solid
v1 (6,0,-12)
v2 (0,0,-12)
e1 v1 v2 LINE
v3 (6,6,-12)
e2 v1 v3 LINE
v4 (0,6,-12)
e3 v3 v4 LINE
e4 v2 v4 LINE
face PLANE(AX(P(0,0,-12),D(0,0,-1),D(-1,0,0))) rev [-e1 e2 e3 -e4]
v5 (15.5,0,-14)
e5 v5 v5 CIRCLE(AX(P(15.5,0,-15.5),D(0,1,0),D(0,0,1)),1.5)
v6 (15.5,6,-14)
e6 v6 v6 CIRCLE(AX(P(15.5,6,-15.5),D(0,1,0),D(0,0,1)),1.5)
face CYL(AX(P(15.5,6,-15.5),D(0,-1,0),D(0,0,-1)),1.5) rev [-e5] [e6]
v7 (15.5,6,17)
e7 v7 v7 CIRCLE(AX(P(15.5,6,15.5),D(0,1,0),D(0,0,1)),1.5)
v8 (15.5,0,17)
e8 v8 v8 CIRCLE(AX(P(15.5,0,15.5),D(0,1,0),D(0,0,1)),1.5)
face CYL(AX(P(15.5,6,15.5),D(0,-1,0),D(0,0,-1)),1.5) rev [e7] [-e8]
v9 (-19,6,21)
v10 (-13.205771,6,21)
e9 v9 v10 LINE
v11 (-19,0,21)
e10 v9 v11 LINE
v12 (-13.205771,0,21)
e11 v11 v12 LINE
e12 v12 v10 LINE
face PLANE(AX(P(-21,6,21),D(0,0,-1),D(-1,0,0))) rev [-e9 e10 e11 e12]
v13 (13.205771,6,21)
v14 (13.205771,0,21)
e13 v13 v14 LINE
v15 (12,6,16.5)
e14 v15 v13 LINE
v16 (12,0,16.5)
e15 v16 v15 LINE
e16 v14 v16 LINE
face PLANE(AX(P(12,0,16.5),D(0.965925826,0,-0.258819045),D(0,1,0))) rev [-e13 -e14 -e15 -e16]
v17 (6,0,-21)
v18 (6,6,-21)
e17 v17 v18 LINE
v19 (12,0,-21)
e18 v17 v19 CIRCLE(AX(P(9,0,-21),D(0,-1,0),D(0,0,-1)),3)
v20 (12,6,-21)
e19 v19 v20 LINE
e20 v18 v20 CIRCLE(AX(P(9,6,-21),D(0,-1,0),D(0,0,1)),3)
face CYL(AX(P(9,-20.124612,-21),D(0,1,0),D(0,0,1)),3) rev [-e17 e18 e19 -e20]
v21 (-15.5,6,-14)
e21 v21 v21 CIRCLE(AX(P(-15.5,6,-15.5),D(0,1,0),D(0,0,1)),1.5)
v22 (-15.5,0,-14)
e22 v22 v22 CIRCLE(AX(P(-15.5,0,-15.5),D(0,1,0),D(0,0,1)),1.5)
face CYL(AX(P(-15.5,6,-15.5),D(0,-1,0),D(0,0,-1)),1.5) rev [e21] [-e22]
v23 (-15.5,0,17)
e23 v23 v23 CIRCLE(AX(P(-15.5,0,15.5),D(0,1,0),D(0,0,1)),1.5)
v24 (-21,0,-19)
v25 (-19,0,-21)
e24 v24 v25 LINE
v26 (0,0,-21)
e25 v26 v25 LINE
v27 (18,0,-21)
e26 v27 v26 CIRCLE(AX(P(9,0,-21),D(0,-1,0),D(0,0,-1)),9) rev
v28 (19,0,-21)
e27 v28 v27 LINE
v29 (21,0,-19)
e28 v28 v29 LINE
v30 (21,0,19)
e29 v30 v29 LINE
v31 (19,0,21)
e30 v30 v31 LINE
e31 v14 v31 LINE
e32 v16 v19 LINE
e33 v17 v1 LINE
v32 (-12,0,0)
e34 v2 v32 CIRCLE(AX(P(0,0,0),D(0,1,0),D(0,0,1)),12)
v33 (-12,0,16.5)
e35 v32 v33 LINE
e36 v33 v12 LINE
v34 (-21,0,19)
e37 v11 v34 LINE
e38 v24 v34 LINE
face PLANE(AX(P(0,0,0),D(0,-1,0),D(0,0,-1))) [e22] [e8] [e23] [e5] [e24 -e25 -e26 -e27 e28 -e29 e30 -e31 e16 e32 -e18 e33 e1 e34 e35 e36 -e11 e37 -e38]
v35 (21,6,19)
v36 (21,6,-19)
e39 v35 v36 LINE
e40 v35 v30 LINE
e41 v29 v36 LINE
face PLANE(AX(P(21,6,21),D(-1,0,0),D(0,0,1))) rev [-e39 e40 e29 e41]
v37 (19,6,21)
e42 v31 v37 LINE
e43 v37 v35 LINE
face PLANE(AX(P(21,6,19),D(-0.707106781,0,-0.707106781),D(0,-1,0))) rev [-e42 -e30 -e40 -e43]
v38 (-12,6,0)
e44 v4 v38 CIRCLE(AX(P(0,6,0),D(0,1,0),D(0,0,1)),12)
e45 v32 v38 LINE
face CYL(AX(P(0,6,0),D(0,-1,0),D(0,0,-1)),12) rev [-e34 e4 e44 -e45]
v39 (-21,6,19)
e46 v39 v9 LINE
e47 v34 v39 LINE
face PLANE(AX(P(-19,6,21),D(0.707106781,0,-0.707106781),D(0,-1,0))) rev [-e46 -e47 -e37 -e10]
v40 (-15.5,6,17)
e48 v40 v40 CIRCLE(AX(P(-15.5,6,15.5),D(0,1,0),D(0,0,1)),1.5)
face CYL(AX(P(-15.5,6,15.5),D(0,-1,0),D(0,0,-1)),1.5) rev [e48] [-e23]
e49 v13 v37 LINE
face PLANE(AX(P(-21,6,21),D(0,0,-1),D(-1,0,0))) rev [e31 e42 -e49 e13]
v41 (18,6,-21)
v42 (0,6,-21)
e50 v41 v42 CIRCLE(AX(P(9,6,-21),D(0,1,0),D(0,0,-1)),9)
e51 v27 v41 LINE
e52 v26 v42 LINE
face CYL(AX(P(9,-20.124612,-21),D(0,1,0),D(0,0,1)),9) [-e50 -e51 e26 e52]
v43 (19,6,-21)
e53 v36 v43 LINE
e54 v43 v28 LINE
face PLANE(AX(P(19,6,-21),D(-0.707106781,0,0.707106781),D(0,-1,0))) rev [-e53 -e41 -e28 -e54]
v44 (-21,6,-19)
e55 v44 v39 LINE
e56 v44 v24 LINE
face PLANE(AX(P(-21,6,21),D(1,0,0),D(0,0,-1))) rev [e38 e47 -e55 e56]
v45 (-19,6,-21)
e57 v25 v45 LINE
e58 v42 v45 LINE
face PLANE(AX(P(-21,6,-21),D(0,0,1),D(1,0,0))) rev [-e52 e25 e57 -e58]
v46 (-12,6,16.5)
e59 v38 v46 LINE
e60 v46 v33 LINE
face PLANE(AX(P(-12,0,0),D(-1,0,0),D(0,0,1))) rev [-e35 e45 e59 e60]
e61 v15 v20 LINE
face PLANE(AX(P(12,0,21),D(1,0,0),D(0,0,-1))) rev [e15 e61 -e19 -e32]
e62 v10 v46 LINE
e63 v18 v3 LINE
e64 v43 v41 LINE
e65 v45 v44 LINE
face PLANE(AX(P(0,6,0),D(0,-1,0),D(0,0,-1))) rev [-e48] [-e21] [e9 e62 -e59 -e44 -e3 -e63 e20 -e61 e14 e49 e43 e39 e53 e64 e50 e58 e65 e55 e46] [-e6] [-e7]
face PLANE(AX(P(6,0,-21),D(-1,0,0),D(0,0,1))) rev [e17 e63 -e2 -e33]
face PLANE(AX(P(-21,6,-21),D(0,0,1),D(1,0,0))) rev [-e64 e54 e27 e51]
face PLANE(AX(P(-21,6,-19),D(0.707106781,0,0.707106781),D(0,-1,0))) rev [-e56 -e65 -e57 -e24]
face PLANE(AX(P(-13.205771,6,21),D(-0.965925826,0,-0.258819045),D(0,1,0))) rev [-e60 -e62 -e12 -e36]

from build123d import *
from OCP.BRepFilletAPI import BRepFilletAPI_MakeChamfer

# Parameters (mm, degrees)
SKETCH1_W           = 42
SKETCH1_H           = 42
SKETCH1_R           = 12
SKETCH1_R_2         = 1.5
BOSS_EXTRUDE1_DEPTH = 6
CHAMFER1_SIZE       = 2
SKETCH2_W           = 24
SKETCH2_H           = 21
CUT_EXTRUDE1_DEPTH  = 31.298514815
CHAMFER2_SIZE       = 4.5
CHAMFER2_SIZE2      = 1.205771366
BOSS_EXTRUDE2_DEPTH = 6
CUT_EXTRUDE2_DEPTH  = 43.107006543


with BuildPart() as part:
    # Sketch1 → Boss-Extrude1 (new body)
    with BuildSketch(Plane(origin=(0, 0, 0), x_dir=(1, 0, 0), z_dir=(0, 1, 0))):
        Rectangle(SKETCH1_W, SKETCH1_H)
        with Locations(Location((0, 0, 0), (0, 0, 270))):
            Circle(SKETCH1_R, mode=Mode.SUBTRACT)
        with Locations(Location((-15.5, 15.5, 0), (0, 0, 270))):
            Circle(SKETCH1_R_2, mode=Mode.SUBTRACT)
        with Locations(Location((15.5, 15.5, 0), (0, 0, 270))):
            Circle(SKETCH1_R_2, mode=Mode.SUBTRACT)
        with Locations(Location((15.5, -15.5, 0), (0, 0, 270))):
            Circle(SKETCH1_R_2, mode=Mode.SUBTRACT)
        with Locations(Location((-15.5, -15.5, 0), (0, 0, 270))):
            Circle(SKETCH1_R_2, mode=Mode.SUBTRACT)
    extrude(amount=BOSS_EXTRUDE1_DEPTH)

    # Chamfer1
    chamfer1_edges = [part.edges().sort_by_distance(p)[0] for p in [
        (21, 3, 21),
        (-21, 3, 21),
        (-21, 3, -21),
        (21, 3, -21),
    ]]
    chamfer(chamfer1_edges, length=CHAMFER1_SIZE)

    # Sketch2 → Cut-Extrude1 (cut, through all)
    with BuildSketch(Plane(origin=(0, 6, 0), x_dir=(1, 0, 0), z_dir=(0, 1, 0))):
        with Locations((0, -10.5)):
            Rectangle(SKETCH2_W, SKETCH2_H)
    extrude(amount=-CUT_EXTRUDE1_DEPTH, mode=Mode.SUBTRACT)

    # Chamfer2: one chamfer whose edges measure the first distance from different faces: ONE call of the kernel's chamfer builder (chamfer() names one face for all edges)
    chamfer2_edges_1 = [part.edges().sort_by_distance(p)[0] for p in [
        (12, 3, 21),
    ]]
    chamfer2_side_1 = [part.faces().sort_by_distance(p)[0] for p in [
        (12, 3, 10.5),
    ]]
    chamfer2_edges_2 = [part.edges().sort_by_distance(p)[0] for p in [
        (-12, 3, 21),
    ]]
    chamfer2_side_2 = [part.faces().sort_by_distance(p)[0] for p in [
        (-12, 3, 10.5),
    ]]
    chamfer2 = BRepFilletAPI_MakeChamfer(part.part.solid().wrapped)
    for e in chamfer2_edges_1:
        chamfer2.Add(CHAMFER2_SIZE, CHAMFER2_SIZE2, e.wrapped, chamfer2_side_1[0].wrapped)  # the first distance lies on this face
    for e in chamfer2_edges_2:
        chamfer2.Add(CHAMFER2_SIZE, CHAMFER2_SIZE2, e.wrapped, chamfer2_side_2[0].wrapped)  # the first distance lies on this face
    add(Compound.cast(chamfer2.Shape()), mode=Mode.REPLACE)

    # Sketch3 → Boss-Extrude2 (add)
    with BuildSketch(Plane(origin=(0, 6, 0), x_dir=(1, 0, 0), z_dir=(0, 1, 0))):
        with BuildLine():
            Line((0, 21), (6, 21))
            ThreePointArc((6, 21), (9, 24), (12, 21))
            Line((12, 21), (18, 21))
            ThreePointArc((18, 21), (9, 30), (0, 21))
        make_face()
    extrude(amount=-BOSS_EXTRUDE2_DEPTH)

    # Sketch4 → Cut-Extrude2 (cut, through all)
    with BuildSketch(Plane(origin=(0, 6, 6), x_dir=(1, 0, 0), z_dir=(0, 1, 0))):
        with BuildLine():
            Line((12, 6), (12, 27))
            ThreePointArc((12, 27), (9, 30), (6, 27))
            Line((6, 27), (6, 18))
            Line((6, 18), (0, 18))
            Line((0, 18), (0, 6))
            Line((0, 6), (12, 6))
        make_face()
    extrude(amount=-CUT_EXTRUDE2_DEPTH, mode=Mode.SUBTRACT)


solid = part.part
